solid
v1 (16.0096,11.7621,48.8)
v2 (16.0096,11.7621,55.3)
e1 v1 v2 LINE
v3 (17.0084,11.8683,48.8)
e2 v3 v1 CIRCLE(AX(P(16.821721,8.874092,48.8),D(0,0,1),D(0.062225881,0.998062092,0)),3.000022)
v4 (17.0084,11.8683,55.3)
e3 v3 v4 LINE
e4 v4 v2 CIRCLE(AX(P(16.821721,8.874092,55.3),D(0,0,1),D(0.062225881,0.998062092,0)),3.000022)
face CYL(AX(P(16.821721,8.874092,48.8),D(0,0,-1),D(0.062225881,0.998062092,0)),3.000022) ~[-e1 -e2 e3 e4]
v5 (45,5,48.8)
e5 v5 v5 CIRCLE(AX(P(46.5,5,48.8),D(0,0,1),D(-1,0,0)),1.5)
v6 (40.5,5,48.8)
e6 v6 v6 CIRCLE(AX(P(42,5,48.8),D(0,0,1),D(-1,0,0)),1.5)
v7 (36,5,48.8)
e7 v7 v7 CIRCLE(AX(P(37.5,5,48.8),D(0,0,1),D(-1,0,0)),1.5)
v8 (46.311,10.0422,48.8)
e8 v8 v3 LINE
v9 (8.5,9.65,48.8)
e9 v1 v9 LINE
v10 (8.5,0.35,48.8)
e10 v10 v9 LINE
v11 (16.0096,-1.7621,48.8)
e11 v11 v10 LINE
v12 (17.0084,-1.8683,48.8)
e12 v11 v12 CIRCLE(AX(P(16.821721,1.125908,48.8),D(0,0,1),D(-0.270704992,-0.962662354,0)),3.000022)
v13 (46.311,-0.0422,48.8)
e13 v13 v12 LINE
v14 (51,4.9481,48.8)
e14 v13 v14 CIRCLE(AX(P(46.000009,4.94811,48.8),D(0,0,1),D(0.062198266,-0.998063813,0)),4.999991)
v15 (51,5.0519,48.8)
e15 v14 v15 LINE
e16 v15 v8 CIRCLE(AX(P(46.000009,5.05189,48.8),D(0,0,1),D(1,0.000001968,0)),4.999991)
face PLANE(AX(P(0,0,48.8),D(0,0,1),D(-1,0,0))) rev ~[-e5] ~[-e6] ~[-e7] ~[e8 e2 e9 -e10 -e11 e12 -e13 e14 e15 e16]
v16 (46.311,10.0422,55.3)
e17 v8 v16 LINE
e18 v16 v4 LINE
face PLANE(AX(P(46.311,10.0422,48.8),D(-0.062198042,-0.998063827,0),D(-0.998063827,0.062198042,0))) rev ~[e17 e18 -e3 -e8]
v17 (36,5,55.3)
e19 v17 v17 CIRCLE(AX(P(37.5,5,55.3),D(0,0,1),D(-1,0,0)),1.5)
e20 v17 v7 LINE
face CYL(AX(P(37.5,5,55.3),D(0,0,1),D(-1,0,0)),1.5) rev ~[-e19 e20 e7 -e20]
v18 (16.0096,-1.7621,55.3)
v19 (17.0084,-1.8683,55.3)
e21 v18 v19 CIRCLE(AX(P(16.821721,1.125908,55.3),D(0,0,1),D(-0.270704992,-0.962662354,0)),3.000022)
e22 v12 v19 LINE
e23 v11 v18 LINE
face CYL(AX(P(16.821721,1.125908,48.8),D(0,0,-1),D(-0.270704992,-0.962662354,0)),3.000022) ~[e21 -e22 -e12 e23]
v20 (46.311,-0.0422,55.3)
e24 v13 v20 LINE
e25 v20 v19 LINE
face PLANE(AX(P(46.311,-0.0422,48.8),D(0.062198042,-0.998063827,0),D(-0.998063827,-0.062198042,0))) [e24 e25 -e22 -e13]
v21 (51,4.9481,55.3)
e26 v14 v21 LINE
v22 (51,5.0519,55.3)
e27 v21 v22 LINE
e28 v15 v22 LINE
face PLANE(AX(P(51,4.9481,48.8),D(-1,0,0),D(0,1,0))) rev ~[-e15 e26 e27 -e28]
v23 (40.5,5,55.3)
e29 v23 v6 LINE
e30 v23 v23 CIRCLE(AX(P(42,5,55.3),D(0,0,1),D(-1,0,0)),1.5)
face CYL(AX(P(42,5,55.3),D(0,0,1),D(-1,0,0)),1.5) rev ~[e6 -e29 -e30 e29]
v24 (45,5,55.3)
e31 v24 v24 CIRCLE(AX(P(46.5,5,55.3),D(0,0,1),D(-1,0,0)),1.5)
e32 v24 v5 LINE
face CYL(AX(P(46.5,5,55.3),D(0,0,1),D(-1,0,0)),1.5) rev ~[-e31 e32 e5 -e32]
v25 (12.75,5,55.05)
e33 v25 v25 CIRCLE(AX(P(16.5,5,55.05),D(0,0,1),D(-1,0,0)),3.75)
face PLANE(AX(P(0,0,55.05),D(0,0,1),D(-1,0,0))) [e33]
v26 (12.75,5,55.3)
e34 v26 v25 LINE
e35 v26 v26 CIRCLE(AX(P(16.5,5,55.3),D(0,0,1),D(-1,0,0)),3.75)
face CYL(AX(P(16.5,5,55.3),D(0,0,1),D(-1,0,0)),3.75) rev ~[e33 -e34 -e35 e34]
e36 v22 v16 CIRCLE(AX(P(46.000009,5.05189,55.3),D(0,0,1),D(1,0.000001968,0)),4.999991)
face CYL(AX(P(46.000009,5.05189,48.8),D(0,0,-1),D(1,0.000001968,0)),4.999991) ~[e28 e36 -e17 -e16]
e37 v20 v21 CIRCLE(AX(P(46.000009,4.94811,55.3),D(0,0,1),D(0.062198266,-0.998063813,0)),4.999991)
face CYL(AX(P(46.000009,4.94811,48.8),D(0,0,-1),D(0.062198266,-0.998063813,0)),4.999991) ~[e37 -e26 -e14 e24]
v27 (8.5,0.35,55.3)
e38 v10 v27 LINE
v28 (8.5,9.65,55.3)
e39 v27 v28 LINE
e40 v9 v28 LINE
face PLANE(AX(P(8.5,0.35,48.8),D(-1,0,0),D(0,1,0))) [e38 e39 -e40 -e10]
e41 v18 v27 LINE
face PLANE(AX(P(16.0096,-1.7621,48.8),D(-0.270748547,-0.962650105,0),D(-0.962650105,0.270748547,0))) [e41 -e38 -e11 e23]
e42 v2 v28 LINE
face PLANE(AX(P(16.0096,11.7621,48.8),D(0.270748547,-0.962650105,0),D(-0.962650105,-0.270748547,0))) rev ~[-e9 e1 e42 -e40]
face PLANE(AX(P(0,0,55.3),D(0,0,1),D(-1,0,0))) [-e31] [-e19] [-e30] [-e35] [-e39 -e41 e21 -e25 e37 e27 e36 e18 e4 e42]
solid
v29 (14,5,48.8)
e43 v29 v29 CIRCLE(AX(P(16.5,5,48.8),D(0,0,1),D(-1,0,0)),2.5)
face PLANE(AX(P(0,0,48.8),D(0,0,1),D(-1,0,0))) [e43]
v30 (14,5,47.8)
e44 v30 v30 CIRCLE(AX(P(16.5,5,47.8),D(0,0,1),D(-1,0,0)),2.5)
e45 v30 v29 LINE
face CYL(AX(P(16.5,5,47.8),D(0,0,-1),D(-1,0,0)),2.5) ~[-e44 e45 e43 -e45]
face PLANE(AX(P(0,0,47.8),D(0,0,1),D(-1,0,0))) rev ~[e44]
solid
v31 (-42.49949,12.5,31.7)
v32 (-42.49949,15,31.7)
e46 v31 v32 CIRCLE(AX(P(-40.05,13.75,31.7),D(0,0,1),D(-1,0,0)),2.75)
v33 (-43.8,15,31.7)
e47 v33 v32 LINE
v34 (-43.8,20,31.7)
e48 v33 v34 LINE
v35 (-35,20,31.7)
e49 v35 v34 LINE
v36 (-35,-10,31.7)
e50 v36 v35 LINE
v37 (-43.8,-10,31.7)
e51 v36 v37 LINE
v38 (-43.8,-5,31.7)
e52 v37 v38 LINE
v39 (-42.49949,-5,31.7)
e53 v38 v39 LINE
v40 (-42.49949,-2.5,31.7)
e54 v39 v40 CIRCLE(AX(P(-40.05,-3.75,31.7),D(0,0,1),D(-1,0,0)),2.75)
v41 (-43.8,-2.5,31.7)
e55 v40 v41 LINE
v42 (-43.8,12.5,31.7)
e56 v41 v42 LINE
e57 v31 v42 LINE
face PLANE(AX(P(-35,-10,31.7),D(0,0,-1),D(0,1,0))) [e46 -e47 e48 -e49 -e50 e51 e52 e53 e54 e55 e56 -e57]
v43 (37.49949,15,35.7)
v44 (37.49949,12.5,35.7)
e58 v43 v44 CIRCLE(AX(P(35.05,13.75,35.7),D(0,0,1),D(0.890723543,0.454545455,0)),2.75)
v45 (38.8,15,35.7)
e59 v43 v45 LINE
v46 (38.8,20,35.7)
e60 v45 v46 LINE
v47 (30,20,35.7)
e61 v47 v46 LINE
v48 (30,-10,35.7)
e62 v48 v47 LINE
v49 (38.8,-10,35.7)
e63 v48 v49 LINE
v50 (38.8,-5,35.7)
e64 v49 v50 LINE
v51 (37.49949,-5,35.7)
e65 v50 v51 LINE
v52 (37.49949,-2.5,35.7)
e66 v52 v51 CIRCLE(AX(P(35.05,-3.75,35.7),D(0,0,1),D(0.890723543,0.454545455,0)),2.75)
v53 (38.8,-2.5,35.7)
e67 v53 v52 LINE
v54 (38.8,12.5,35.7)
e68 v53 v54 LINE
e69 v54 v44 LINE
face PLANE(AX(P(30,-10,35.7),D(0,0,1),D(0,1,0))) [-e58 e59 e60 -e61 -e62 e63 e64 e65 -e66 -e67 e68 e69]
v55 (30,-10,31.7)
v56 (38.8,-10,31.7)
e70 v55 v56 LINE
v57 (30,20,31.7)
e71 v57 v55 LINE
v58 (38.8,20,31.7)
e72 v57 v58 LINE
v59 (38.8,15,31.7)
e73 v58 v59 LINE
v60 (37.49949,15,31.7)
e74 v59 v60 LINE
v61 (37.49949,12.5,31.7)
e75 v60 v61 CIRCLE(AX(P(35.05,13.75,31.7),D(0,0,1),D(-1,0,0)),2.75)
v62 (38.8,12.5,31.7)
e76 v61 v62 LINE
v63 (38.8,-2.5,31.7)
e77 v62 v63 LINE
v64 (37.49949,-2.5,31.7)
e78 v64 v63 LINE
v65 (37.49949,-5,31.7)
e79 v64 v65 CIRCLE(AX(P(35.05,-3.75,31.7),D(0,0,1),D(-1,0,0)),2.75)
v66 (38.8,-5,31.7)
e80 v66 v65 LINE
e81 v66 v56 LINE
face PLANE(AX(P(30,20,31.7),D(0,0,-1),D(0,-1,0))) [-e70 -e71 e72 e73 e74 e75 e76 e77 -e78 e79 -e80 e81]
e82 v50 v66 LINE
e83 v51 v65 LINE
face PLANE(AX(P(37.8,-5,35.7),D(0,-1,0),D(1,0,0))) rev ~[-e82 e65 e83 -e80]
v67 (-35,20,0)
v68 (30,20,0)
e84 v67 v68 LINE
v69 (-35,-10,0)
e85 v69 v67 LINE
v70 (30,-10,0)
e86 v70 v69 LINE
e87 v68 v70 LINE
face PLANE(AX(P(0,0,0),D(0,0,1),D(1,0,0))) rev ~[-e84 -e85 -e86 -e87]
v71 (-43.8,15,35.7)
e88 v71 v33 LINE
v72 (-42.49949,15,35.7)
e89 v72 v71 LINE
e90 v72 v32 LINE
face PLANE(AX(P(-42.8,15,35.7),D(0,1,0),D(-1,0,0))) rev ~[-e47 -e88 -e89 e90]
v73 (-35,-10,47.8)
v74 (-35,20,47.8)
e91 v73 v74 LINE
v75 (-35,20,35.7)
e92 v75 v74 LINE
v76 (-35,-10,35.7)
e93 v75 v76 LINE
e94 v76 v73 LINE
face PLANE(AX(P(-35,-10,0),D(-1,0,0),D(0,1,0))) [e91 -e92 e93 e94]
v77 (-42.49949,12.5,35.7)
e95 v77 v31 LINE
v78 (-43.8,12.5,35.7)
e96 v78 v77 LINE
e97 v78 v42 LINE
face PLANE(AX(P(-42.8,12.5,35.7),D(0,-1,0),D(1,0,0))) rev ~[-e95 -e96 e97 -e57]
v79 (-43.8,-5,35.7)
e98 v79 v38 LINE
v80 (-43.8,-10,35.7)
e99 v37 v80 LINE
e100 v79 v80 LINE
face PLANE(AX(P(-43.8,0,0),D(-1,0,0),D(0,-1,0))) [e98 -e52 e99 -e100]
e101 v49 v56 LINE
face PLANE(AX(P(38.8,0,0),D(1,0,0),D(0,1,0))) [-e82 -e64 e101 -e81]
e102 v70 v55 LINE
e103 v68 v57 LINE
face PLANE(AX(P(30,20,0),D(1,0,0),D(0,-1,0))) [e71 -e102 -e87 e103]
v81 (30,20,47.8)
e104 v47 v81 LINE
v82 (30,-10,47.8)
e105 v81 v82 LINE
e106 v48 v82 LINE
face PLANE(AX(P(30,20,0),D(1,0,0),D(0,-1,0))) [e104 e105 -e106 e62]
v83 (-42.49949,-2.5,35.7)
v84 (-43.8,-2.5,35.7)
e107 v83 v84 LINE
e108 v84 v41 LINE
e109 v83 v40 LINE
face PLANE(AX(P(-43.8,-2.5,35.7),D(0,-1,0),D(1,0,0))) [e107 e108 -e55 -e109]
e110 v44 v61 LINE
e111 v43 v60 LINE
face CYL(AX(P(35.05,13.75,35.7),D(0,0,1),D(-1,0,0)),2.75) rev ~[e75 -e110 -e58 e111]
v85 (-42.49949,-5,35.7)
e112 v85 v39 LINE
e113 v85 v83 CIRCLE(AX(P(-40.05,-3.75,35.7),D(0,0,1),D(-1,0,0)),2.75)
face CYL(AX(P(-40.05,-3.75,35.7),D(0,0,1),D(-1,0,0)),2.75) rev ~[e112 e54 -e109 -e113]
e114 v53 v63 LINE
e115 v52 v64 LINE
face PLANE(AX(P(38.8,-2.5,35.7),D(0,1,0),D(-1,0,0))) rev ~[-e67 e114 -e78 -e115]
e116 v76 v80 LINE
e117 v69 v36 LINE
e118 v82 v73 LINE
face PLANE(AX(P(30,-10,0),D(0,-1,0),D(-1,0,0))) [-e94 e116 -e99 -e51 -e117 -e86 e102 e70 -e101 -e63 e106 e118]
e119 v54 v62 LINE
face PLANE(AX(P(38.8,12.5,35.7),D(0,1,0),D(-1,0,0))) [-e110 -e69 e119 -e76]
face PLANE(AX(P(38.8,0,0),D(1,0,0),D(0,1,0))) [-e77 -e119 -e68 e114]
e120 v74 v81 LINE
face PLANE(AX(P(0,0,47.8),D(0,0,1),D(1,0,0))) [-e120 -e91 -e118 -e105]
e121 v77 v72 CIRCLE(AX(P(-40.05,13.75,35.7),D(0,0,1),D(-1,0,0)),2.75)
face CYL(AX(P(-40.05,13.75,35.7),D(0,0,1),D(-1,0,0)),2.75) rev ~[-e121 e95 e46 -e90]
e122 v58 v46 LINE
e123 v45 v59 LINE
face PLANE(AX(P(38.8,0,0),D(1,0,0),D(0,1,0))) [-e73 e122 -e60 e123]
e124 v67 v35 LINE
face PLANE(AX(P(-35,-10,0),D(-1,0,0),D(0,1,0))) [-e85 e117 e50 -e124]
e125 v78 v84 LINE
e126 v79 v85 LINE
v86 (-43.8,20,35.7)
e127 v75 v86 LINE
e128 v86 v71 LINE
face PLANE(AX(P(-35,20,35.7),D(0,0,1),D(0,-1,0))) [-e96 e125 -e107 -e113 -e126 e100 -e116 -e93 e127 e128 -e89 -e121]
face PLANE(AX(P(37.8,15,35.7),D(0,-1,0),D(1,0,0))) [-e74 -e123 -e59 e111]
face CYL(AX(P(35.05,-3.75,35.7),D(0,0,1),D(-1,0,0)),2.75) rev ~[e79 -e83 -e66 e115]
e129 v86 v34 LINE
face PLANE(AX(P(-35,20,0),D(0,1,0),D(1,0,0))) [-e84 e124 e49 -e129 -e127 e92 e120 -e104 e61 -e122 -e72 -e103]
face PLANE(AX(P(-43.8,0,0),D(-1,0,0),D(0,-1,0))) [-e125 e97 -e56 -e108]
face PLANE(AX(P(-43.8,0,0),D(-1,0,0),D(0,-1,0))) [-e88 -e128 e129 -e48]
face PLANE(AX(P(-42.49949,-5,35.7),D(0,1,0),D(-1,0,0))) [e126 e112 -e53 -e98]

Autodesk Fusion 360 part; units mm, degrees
sketch "Skizze1" plane through (0, 0, 0) normal (0, 0, 1) x (1, 0, 0)
  line L0 (-35, 20) -> (30, 20)
  line L1 (30, 20) -> (30, -10)
  line L2 (30, -10) -> (-35, -10)
  line L3 (-35, -10) -> (-35, 20)
  dimension "d1" = 65
  dimension "d2" = 30
extrude "Extrusion1" add sketch "Skizze1" along normal blind 47.8 makes body 1
sketch "Skizze4" plane through (-35, 0, 0) normal (-1, 0, 0) x (0, -1, 0)
  line L0 (-20, 0) -> (10, 0)
  line L1 (10, 0) -> (10, 47.8)
  line L2 (10, 47.8) -> (-20, 47.8)
  line L3 (-20, 47.8) -> (-20, 0)
  line L4 (-20, 35.7) -> (10, 35.7)
  line L5 (10, 35.7) -> (10, 31.7)
  line L6 (10, 31.7) -> (-20, 31.7)
  line L7 (-20, 31.7) -> (-20, 35.7)
  line L8 (10, 0) -> (-20, 0)
  line L9 (10, 35.7) -> (-20, 35.7)
  line L10 (-20, 35.7) -> (-20, 31.7)
  line L11 (-20, 31.7) -> (10, 31.7)
  line L12 (10, 31.7) -> (10, 35.7)
  dimension "d7" = 4
  dimension "d8" = 31.7
sketch "Skizze5" plane through (30, 0, 0) normal (1, 0, 0) x (0, 1, 0)
  line L0 (-10, 0) -> (20, 0)
  line L1 (20, 0) -> (20, 47.8)
  line L2 (20, 47.8) -> (-10, 47.8)
  line L3 (-10, 47.8) -> (-10, 0)
  line L4 (-10, 35.7) -> (20, 35.7)
  line L5 (20, 35.7) -> (20, 31.7)
  line L6 (20, 31.7) -> (-10, 31.7)
  line L7 (-10, 31.7) -> (-10, 35.7)
  line L8 (20, 0) -> (-10, 0)
  dimension "d9" = 4
  dimension "d10" = 31.7
extrude "Extrusion2" add sketch "Skizze4" along normal blind 8.8 contours L1 L3 L4 L5 L6 L7 L9 L10 L11 L12 bodies 1
extrude "Extrusion3" add sketch "Skizze5" along normal blind 8.8 contours L1 L3 L4 L5 L6 L7 bodies 1
copy_body "Körper->Berechn1" bodies 1 removing the originals makes body 2 in component "Corpus"
sketch "Skizze6" plane through (0, 0, 47.8) normal (0, 0, 1) x (-1, 0, 0)
  line L0 (35, 10) -> (-30, 10)
  line L1 (-30, 10) -> (-30, -20)
  line L2 (-30, -20) -> (35, -20)
  line L3 (35, -20) -> (35, 10)
  line L4 (-8.5, 10) -> (-8.5, -20) construction
  line L5 (35, 10) -> (35, -20)
  line L6 (-16.5, 10) -> (-16.5, -20) construction
  line L7 (-30, -5) -> (-7, -5) construction
  line L8 (-30, 10) -> (35, 10) construction
  circle A0 centre (-16.5, -5) radius 2.5
  circle A1 centre (-16.5, -5) radius 8.75 construction
  dimension "d15" = 43.5
  dimension "d16" = 8
  dimension "d17" = 15
  dimension "d18" = 5
  dimension "d19" = 17.5
extrude "Extrusion1'" add sketch "Skizze6" along normal blind 1 separate body contours A0 makes body 3 in component "Corpus"
sketch "Skizze7" plane through (0, 0, 47.8) normal (0, 0, 1) x (-1, 0, 0)
  line L0 (35, 10) -> (-30, 10)
  line L1 (-30, -20) -> (35, -20)
  line L2 (35, -20) -> (35, 10)
  line L3 (-51, 7) -> (-51, -5.0519) construction
  line L4 (-20, 1.9) -> (-13, 1.9) construction
  line L5 (-20, -11.9) -> (-13, -11.9) construction
  line L6 (-10, -0.35) -> (-7, -0.35) construction
  line L7 (-10, -9.65) -> (-7, -9.65) construction
  line L8 (-53, -0.25) -> (-49, -0.25) construction
  line L9 (-53, -9.75) -> (-49, -9.75) construction
  line L10 (-46.311, -10.0422) -> (-17.0084, -11.8683)
  line L11 (-46.311, 0.0422) -> (-17.0084, 1.8683)
  line L12 (-16.0096, 1.7621) -> (-8.5, -0.35)
  line L13 (-16.0096, -11.7621) -> (-8.5, -9.65)
  line L14 (-8.5, -0.35) -> (-8.5, -9.65)
  arc A0 (-51, -5.0519) -> (-46.311, -10.0422) centre (-46, -5.0519) ccw
  arc A1 (-46.311, 0.0422) -> (-51, -4.9481) centre (-46, -4.9481) ccw
  arc A2 (-17.0084, -11.8683) -> (-16.0096, -11.7621) centre (-16.8218, -8.8741) ccw
  arc A3 (-16.0096, 1.7621) -> (-17.0084, 1.8683) centre (-16.8218, -1.1259) ccw
  line L15 (-51, -4.9481) -> (-51, -5.0519)
  circle A4 centre (-16.5, -5) radius 2.5
  point P0 (-16.5, -5)
  dimension "d22" = 34.5
  dimension "d23" = 13.8
  dimension "d24" = 6.9
  dimension "d25" = 9.3
  dimension "d26" = 4.65
  dimension "d27" = 9.5
  dimension "d28" = 4.75
  dimension "d29" = 5
  dimension "d30" = 5
  dimension "d31" = 3
  dimension "d32" = 3
  dimension "d36" = 5
extrude "Extrusion4" add sketch "Skizze7" along normal blind 6.5 from surface at 1 separate body contours L10 L11 L12 L13 L14 A0 A1 A2 A3 L15 | A4 makes body 4
copy_body "Körper->Berechn2" bodies 4 removing the originals makes body 5 in component "Konnektor"
sketch "Skizze8" plane through (0, 0, 55.3) normal (0, 0, 1) x (-1, 0, 0)
  arc A0 (-46.311, 0.0422) -> (-51, -4.9481) centre (-46, -4.9481) ccw
  line L0 (-51, -4.9481) -> (-51, -5.0519)
  arc A1 (-51, -5.0519) -> (-46.311, -10.0422) centre (-46, -5.0519) ccw
  line L1 (-46.311, -10.0422) -> (-17.0084, -11.8683)
  arc A2 (-17.0084, -11.8683) -> (-16.0096, -11.7621) centre (-16.8218, -8.8741) ccw
  line L2 (-16.0096, -11.7621) -> (-8.5, -9.65)
  line L3 (-8.5, -9.65) -> (-8.5, -0.35)
  line L4 (-8.5, -0.35) -> (-16.0096, 1.7621)
  arc A3 (-16.0096, 1.7621) -> (-17.0084, 1.8683) centre (-16.8218, -1.1259) ccw
  line L5 (-17.0084, 1.8683) -> (-46.311, 0.0422)
  circle A4 centre (-16.5, -5) radius 2.5
  dimension "d41" = 5
sketch "Skizze9" plane through (0, 0, 35.7) normal (0, 0, 1) x (-1, 0, 0)
  line L0 (-30, -20) -> (-30, 10)
  line L1 (-30, 10) -> (-38.8, 10)
  line L2 (-38.8, 10) -> (-38.8, -20)
  line L3 (-38.8, -20) -> (-30, -20)
  circle A0 centre (-35.05, -13.75) radius 2.75
  line L4 (-38.8, -5) -> (-30, -5) construction
  circle A1 centre (-35.05, 3.75) radius 2.75
  line L5 (-38.8, -12.5) -> (-37.8, -12.5)
  line L6 (-37.8, -15) -> (-38.8, -15)
  line L7 (-38.8, -15) -> (-38.8, -12.5)
  line L8 (-38.8, -13.75) -> (-37.5, -13.75) construction
  line L9 (-37.8, -12.5) -> (-37, -12.5)
  line L10 (-37, -12.5) -> (-37, -15)
  line L11 (-37, -15) -> (-37.8, -15)
  line L12 (-37.8, 5) -> (-38.8, 5)
  line L13 (-38.8, 5) -> (-38.8, 2.5)
  line L14 (-38.8, 2.5) -> (-37.8, 2.5)
  line L15 (-37, 2.5) -> (-37, 5)
  line L16 (-37, 5) -> (-37.8, 5)
  line L17 (-37.8, 2.5) -> (-37, 2.5)
  line L18 (2.5, 10) -> (2.5, -20) construction
  circle A2 centre (40.05, 3.75) radius 2.75
  line L19 (42.8, 5) -> (43.8, 5)
  line L20 (43.8, 5) -> (43.8, 2.5)
  line L21 (42.8, 2.5) -> (42, 2.5)
  line L22 (42, 2.5) -> (42, 5)
  line L23 (42, 5) -> (42.8, 5)
  line L24 (43.8, 2.5) -> (42.8, 2.5)
  circle A3 centre (40.05, -13.75) radius 2.75
  line L25 (42.8, -15) -> (43.8, -15)
  line L26 (43.8, -15) -> (43.8, -12.5)
  line L27 (43.8, -12.5) -> (42.8, -12.5)
  line L28 (42.8, -12.5) -> (42, -12.5)
  line L29 (42, -15) -> (42.8, -15)
  line L30 (42, -12.5) -> (42, -15)
  dimension "d46" = 5.5
  dimension "d50" = 6.25
  dimension "d51" = 2.5
  dimension "d54" = 6.25
  dimension "d56" = 1.25
  dimension "d57" = 41.3
extrude "Extrusion2'" cut sketch "Skizze9" against normal blind 5 contours L2 A0 L5 L6 L7 L9 L11 | L2 A1 L12 L13 L14 L16 L17 | A0 L9 L10 L11 | A0 L9 L10 L11 | A1 L15 L16 L17 | A1 L15 L16 L17 | A2 L21 L22 L23 | A2 L19 L20 L21 L23 L24 | A2 L21 L22 L23 | A3 L28 L29 L30 | A3 L25 L26 L27 L28 L29 | A3 L28 L29 L30 bodies 2 in component "Corpus"
sketch "Skizze10" plane through (0, 0, 55.3) normal (0, 0, 1) x (-1, 0, 0)
  arc A0 (-46.311, 0.0422) -> (-51, -4.9481) centre (-46, -4.9481) ccw
  line L0 (-51, -4.9481) -> (-51, -5.0519)
  arc A1 (-51, -5.0519) -> (-46.311, -10.0422) centre (-46, -5.0519) ccw
  line L1 (-46.311, -10.0422) -> (-17.0084, -11.8683)
  arc A2 (-17.0084, -11.8683) -> (-16.0096, -11.7621) centre (-16.8218, -8.8741) ccw
  line L2 (-16.0096, -11.7621) -> (-8.5, -9.65)
  line L3 (-8.5, -9.65) -> (-8.5, -0.35)
  line L4 (-8.5, -0.35) -> (-16.0096, 1.7621)
  arc A3 (-16.0096, 1.7621) -> (-17.0084, 1.8683) centre (-16.8218, -1.1259) ccw
  line L5 (-17.0084, 1.8683) -> (-46.311, 0.0422)
  circle A4 centre (-46.5, -5) radius 1.5
  line L6 (-51, 0) -> (-51, -10.2733) construction
  circle A5 centre (-42, -5) radius 1.5
  circle A6 centre (-37.5, -5) radius 1.5
  circle A7 centre (-16.5, -5) radius 3.75
  dimension "d61" = 3
  dimension "d62" = 4.5
  dimension "d63" = 3
  dimension "d64" = 4.5
  dimension "d65" = 3
  dimension "d66" = 4.5
  dimension "d69" = 7.5
extrude "Extrusion1''" cut sketch "Skizze10" against normal blind 8 contours A4 | A5 | A6 bodies 5 in component "Konnektor"
extrude "Extrusion2''" cut sketch "Skizze10" against normal blind 0.25 contours A7 bodies 5 in component "Konnektor"
component "Corpus" placed x (1, 0, 0) y (0, 1, 0) z (0, 0, 1) at (0, 0, 0)
component "Konnektor" placed x (1, 0, 0) y (0, 1, 0) z (0, 0, 1) at (0, 0, 0)
